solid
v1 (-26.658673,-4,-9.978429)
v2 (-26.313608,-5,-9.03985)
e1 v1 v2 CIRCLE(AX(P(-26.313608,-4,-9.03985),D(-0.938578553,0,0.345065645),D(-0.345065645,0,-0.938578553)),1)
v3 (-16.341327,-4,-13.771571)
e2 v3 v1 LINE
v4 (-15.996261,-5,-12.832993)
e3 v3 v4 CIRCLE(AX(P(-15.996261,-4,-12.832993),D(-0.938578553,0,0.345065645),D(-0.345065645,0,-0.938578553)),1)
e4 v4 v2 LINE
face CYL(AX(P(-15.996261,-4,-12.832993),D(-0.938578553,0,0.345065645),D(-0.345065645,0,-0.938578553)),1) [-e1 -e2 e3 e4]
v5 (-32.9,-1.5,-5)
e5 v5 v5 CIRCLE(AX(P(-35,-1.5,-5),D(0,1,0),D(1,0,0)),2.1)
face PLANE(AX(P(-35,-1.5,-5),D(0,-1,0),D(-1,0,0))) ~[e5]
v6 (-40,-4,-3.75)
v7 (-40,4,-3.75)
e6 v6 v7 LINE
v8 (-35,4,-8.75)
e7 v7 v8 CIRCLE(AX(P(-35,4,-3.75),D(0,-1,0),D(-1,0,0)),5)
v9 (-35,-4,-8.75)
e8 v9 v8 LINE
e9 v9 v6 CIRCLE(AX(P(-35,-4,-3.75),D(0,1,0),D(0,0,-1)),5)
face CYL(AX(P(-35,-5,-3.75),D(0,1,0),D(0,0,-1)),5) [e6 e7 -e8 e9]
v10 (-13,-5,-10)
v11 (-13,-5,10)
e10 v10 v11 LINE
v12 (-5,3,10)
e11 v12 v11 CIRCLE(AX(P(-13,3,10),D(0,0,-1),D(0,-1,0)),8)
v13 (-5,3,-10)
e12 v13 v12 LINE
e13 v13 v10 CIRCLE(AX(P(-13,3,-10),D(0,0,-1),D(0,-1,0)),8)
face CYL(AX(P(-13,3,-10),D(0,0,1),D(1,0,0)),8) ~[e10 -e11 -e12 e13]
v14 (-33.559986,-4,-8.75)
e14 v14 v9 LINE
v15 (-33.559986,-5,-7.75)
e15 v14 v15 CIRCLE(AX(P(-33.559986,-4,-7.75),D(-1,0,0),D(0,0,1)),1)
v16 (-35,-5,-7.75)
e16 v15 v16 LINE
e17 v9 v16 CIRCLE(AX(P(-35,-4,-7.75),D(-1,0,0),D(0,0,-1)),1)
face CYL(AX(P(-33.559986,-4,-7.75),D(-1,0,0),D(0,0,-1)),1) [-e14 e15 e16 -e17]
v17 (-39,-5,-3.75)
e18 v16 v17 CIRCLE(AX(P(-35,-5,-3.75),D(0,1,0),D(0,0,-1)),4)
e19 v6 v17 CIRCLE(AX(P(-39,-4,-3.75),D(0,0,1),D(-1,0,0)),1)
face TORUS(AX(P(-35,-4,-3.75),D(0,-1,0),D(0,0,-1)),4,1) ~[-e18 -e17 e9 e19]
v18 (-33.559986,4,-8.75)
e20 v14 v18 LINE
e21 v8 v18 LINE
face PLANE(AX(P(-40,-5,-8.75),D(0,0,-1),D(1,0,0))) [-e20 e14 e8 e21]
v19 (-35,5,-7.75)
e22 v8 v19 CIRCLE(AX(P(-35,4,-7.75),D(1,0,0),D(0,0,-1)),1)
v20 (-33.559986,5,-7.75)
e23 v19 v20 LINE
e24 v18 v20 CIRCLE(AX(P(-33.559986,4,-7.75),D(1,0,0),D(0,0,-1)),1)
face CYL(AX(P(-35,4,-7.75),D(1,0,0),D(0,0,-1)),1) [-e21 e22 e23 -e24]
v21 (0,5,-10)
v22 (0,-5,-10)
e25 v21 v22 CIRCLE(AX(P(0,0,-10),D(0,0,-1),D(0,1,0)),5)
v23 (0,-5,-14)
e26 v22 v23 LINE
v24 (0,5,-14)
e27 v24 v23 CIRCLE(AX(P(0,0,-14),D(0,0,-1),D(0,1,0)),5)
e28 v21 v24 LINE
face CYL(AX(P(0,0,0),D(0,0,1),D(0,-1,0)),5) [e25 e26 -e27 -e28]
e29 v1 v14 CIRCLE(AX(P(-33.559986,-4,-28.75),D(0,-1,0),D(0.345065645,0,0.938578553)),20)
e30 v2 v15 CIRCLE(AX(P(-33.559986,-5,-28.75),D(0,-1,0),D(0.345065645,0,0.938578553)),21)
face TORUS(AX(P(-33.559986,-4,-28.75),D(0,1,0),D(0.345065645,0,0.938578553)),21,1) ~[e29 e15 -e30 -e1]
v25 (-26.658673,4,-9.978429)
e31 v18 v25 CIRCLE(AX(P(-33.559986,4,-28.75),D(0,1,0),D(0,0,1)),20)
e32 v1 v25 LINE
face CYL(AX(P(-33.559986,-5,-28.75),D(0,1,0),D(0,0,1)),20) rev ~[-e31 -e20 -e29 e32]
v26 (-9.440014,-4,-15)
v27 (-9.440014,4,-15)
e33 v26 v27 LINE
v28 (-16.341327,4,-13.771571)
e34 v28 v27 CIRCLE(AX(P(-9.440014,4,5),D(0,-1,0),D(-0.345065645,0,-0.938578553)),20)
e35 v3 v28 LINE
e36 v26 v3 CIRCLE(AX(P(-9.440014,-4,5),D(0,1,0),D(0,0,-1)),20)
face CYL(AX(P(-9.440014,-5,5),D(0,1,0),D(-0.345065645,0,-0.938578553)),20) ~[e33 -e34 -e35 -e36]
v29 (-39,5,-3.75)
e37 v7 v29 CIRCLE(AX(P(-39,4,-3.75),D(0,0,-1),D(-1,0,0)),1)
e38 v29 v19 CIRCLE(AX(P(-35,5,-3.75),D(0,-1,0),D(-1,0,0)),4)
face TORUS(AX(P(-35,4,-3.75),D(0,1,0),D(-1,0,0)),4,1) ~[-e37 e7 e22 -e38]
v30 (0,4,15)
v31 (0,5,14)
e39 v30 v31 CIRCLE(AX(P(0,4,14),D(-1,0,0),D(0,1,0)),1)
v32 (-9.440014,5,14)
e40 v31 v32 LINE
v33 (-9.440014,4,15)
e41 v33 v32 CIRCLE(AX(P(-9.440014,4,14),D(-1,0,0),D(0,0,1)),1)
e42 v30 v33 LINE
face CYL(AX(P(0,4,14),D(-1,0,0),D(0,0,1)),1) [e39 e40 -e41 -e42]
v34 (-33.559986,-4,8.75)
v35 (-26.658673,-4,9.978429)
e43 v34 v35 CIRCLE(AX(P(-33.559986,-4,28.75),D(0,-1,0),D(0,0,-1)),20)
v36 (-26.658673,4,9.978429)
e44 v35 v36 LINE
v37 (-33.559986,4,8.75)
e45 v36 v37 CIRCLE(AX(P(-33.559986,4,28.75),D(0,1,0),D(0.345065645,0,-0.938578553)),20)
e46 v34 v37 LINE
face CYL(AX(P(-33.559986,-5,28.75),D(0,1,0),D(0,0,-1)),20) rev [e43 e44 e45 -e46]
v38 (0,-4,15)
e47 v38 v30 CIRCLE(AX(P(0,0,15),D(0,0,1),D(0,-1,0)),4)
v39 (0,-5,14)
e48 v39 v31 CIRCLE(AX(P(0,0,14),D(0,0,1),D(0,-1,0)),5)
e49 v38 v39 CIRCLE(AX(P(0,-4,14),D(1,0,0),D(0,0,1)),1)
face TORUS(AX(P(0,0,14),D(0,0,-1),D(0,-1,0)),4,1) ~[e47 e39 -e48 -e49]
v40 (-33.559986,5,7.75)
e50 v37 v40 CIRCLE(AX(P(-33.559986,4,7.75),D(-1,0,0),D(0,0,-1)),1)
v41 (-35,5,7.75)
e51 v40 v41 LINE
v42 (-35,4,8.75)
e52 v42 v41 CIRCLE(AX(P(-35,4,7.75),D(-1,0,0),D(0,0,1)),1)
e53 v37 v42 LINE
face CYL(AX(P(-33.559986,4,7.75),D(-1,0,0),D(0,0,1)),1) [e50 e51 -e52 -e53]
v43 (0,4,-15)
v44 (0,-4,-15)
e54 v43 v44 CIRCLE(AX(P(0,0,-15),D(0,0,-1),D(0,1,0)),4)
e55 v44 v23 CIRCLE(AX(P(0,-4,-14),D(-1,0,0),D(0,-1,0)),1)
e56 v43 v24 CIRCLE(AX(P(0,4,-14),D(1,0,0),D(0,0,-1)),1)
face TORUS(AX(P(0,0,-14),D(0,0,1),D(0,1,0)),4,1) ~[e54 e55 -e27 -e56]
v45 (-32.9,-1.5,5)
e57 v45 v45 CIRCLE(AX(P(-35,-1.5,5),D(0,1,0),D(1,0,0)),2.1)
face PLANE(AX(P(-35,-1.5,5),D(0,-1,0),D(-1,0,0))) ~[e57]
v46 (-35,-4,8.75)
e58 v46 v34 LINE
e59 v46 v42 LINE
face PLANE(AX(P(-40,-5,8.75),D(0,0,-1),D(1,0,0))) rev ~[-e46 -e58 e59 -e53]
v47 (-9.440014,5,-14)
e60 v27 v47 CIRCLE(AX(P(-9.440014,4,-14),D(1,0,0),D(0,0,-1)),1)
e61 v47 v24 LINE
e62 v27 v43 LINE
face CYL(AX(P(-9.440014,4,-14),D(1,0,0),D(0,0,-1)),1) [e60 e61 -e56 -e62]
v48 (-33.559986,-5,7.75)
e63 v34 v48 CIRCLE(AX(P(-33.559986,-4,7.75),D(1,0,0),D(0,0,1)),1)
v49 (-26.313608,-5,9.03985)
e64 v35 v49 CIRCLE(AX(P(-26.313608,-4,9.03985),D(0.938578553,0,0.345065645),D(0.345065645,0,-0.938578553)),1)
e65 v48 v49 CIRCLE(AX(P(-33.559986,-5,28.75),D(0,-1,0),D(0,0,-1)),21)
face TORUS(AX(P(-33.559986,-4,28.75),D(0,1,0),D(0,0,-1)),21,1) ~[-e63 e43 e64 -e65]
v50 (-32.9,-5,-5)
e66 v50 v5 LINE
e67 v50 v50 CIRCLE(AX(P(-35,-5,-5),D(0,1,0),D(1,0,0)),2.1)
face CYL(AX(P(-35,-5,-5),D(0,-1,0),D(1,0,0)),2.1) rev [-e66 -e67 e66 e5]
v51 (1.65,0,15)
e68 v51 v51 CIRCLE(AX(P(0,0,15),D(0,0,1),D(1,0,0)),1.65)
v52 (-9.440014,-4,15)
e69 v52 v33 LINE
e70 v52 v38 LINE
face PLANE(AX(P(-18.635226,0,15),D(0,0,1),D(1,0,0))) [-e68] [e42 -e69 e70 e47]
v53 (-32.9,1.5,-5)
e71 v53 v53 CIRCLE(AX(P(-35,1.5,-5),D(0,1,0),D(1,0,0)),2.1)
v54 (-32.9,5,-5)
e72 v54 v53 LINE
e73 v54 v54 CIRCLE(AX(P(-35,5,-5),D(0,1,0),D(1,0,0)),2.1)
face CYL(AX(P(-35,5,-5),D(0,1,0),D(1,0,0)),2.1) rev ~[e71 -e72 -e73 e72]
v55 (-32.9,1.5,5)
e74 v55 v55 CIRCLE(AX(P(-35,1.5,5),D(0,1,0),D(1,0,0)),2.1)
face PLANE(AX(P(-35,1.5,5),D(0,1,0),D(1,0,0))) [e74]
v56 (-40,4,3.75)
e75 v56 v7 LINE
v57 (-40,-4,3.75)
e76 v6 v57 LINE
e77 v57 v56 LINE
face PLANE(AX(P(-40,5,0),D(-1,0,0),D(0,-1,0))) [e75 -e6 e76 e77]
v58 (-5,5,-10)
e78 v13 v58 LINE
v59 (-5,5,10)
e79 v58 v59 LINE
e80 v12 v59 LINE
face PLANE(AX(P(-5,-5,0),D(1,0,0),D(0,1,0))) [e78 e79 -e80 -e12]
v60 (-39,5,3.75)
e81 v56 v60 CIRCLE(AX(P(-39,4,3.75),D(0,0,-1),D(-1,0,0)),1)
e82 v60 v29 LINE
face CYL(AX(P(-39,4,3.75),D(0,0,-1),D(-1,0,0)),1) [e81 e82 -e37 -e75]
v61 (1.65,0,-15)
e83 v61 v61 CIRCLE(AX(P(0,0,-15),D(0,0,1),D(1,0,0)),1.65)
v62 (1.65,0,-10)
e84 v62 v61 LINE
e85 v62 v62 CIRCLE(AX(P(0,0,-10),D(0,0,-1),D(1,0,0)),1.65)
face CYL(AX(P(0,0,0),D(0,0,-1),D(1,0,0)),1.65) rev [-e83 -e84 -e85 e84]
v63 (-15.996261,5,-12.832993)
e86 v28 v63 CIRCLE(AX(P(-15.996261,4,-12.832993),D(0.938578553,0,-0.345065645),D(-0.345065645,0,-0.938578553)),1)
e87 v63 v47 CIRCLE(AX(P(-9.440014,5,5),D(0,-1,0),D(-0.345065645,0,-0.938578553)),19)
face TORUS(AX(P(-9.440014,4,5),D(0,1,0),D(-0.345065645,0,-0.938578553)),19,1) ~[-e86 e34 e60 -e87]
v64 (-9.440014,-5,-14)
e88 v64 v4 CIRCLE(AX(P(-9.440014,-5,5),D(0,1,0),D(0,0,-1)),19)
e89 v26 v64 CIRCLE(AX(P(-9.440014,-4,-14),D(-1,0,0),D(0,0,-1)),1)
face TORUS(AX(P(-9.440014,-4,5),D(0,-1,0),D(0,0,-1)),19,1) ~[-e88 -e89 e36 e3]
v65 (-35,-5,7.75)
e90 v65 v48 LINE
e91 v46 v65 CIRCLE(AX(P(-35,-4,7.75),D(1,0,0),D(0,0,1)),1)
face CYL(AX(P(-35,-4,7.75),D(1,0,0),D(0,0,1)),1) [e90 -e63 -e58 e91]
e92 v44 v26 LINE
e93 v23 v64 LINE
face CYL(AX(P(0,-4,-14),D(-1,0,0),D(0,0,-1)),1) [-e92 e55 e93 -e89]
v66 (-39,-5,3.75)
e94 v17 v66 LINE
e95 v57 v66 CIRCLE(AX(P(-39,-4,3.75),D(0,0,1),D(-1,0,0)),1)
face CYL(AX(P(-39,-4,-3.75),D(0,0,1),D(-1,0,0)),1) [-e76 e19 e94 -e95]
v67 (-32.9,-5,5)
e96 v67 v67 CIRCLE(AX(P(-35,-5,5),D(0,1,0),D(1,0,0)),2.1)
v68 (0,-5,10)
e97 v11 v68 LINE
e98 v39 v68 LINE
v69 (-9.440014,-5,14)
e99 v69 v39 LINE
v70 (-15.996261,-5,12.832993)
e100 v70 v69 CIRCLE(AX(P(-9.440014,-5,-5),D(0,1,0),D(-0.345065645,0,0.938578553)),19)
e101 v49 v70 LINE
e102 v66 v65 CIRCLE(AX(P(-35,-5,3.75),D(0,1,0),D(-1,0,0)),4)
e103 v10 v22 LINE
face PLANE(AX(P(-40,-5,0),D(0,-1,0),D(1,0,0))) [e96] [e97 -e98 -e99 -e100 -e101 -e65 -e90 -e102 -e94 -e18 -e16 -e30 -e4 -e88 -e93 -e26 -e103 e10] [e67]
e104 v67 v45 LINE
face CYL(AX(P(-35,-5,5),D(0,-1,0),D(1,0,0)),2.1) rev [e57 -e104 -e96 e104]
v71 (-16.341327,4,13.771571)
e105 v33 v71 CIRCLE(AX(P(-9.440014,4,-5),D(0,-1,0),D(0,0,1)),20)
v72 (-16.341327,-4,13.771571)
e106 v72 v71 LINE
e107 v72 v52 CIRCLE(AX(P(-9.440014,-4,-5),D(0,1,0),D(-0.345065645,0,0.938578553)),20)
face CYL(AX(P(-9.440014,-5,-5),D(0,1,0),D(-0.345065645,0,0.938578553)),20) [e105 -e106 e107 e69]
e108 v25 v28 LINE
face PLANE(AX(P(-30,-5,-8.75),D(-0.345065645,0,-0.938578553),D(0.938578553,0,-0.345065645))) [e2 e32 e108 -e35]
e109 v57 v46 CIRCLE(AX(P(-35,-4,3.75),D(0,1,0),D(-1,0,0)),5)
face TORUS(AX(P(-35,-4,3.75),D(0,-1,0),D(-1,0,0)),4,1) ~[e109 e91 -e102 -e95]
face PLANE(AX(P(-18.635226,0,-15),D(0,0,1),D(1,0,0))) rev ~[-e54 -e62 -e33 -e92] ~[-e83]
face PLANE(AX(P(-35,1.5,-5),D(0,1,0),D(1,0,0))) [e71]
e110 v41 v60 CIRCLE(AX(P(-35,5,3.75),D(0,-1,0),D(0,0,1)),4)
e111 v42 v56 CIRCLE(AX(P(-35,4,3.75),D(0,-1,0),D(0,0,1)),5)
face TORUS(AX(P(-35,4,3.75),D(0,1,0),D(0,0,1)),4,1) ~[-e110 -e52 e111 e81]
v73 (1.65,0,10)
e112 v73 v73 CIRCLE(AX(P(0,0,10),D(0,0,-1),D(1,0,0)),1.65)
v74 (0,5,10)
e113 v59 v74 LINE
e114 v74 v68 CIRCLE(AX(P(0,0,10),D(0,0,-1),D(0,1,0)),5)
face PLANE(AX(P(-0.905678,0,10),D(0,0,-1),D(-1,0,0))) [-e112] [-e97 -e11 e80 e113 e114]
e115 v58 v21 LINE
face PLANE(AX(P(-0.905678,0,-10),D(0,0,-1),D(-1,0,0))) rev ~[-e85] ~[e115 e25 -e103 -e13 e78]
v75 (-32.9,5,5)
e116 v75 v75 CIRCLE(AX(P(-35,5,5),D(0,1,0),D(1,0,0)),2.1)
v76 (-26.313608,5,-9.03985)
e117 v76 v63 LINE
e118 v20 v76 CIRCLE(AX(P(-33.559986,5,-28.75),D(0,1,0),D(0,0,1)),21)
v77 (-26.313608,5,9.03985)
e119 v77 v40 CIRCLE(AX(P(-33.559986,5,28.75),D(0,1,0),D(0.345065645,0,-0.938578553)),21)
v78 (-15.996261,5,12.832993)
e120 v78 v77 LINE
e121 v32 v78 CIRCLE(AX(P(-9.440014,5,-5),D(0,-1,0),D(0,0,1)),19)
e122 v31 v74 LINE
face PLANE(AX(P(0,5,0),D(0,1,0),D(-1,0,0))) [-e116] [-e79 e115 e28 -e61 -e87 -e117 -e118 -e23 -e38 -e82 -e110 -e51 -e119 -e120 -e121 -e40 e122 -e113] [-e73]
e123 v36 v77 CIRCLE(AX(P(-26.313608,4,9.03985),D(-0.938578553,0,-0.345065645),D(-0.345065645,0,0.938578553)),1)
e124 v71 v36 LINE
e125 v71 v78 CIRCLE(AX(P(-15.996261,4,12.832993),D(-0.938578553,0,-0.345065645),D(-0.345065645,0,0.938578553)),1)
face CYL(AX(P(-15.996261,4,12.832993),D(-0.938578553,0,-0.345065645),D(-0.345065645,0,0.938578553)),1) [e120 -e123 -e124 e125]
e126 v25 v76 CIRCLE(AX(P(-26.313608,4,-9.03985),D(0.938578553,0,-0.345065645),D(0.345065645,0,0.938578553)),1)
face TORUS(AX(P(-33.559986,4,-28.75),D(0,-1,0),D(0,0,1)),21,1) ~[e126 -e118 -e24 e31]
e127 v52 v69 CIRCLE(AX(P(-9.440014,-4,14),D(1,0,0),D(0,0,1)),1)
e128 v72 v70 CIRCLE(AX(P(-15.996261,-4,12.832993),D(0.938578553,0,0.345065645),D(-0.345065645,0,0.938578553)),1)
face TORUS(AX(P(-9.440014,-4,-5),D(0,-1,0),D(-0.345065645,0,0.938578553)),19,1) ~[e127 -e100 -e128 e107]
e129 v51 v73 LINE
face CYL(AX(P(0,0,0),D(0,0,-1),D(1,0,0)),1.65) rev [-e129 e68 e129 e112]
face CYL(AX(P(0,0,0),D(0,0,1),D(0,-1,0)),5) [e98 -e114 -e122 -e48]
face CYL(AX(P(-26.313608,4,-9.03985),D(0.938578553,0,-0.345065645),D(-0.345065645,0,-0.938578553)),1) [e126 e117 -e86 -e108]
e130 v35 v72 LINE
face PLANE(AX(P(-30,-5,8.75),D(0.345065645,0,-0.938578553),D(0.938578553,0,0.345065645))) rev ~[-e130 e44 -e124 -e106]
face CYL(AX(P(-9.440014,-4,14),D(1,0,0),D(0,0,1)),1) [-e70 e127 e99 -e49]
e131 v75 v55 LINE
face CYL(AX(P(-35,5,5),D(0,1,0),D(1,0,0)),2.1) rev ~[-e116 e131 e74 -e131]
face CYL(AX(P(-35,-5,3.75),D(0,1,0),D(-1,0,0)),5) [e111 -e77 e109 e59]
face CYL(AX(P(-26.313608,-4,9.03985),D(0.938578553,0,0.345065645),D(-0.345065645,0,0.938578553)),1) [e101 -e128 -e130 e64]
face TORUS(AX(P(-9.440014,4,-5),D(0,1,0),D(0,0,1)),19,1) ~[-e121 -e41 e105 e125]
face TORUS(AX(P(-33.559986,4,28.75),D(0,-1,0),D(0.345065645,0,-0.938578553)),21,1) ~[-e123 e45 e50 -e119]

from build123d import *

# Parameters (mm, degrees)
SKETCH1_R           = 1.65
BOSS_EXTRUDE1_DEPTH = 15
CUT_EXTRUDE1_DEPTH  = 10
FILLET1_R           = 8
CUT_EXTRUDE2_DEPTH  = 11
SKETCH4_R           = 2.1
CUT_EXTRUDE3_DEPTH  = 3.5
FILLET2_R           = 5
FILLET3_R           = 20
FILLET5_R           = 1


with BuildPart() as part:
    # Sketch1 → Boss-Extrude1 (new body, symmetric)
    with BuildSketch(Plane.XY):
        with BuildLine():
            Line((0, 5), (-40, 5))
            Line((-40, 5), (-40, -5))
            Line((-40, -5), (0, -5))
            ThreePointArc((0, -5), (5, 0), (0, 5))
        make_face()
        Circle(SKETCH1_R, mode=Mode.SUBTRACT)
    extrude(amount=BOSS_EXTRUDE1_DEPTH, both=True)

    # Sketch2 → Cut-Extrude1 (cut, symmetric)
    with BuildSketch(Plane.XY):
        with BuildLine():
            Line((-5, 5), (0, 5))
            ThreePointArc((0, 5), (5, 0), (0, -5))
            Line((0, -5), (-5, -5))
            Line((-5, -5), (-5, 5))
        make_face()
    extrude(amount=CUT_EXTRUDE1_DEPTH, both=True, mode=Mode.SUBTRACT)

    # Fillet1
    fillet1_edges = [part.edges().sort_by_distance(p)[0] for p in [
        (-5, -5, 0),
    ]]
    fillet(fillet1_edges, radius=FILLET1_R)

    # Sketch3 → Cut-Extrude2 (cut, through all)
    with BuildSketch(Plane.XZ.offset(5)):
        Polygon((-40, 8.75), (-30, 8.75), (-13, 15), (-40, 15), align=None)
        Polygon((-13, -15), (-40, -15), (-40, -8.75), (-30, -8.75), align=None)
    extrude(amount=-CUT_EXTRUDE2_DEPTH, mode=Mode.SUBTRACT)

    # Sketch4 → Cut-Extrude3 (cut)
    with BuildSketch(Plane(origin=(0, 5, 0), x_dir=(1, 0, 0), z_dir=(0, 1, 0))):
        with Locations((-35, 5)):
            Circle(SKETCH4_R)
        with Locations((-35, -5)):
            Circle(SKETCH4_R)
    cut_extrude3 = extrude(amount=-CUT_EXTRUDE3_DEPTH, mode=Mode.SUBTRACT)

    # Fillet2
    fillet2_edges = [part.edges().sort_by_distance(p)[0] for p in [
        (-40, 0, 8.75),
        (-40, 0, -8.75),
    ]]
    fillet(fillet2_edges, radius=FILLET2_R)

    # Fillet3
    fillet3_edges = [part.edges().sort_by_distance(p)[0] for p in [
        (-13, 0, 15),
        (-30, 0, 8.75),
        (-30, 0, -8.75),
        (-13, 0, -15),
    ]]
    fillet(fillet3_edges, radius=FILLET3_R)

    # Fillet5
    fillet5_edges = [part.edges().sort_by_distance(p)[0] for p in [
        (-34.279993099, -5, 8.75),
        (-34.279993099, 5, 8.75),
        (-40, -5, 0),
        (-38.535533906, -5, -7.285533906),
        (-38.535533906, -5, 7.285533906),
        (-40, 5, 0),
        (-38.535533906, 5, -7.285533906),
        (-38.535533906, 5, 7.285533906),
        (-21.5, -5, -11.875),
        (-21.5, 5, -11.875),
        (-34.279993099, -5, -8.75),
        (-4.720006901, -5, -15),
        (-4.720006901, -5, 15),
        (-21.5, -5, 11.875),
        (-12.944908854, -5, 14.690497979),
        (-12.944908854, -5, -14.690497979),
        (-21.5, 5, 11.875),
        (-34.279993099, 5, -8.75),
        (-12.944908854, 5, 14.690497979),
        (-12.944908854, 5, -14.690497979),
        (-30.055091146, -5, -9.059502021),
        (-30.055091146, 5, -9.059502021),
        (-30.055091146, -5, 9.059502021),
        (-30.055091146, 5, 9.059502021),
        (5, 0, 15),
        (-4.720006901, 5, -15),
        (5, 0, -15),
        (-4.720006901, 5, 15),
    ]]
    fillet(fillet5_edges, radius=FILLET5_R)

    # Mirror1: Cut-Extrude3 across plane
    add(cut_extrude3.mirror(Plane.ZX), mode=Mode.SUBTRACT)


solid = part.part
